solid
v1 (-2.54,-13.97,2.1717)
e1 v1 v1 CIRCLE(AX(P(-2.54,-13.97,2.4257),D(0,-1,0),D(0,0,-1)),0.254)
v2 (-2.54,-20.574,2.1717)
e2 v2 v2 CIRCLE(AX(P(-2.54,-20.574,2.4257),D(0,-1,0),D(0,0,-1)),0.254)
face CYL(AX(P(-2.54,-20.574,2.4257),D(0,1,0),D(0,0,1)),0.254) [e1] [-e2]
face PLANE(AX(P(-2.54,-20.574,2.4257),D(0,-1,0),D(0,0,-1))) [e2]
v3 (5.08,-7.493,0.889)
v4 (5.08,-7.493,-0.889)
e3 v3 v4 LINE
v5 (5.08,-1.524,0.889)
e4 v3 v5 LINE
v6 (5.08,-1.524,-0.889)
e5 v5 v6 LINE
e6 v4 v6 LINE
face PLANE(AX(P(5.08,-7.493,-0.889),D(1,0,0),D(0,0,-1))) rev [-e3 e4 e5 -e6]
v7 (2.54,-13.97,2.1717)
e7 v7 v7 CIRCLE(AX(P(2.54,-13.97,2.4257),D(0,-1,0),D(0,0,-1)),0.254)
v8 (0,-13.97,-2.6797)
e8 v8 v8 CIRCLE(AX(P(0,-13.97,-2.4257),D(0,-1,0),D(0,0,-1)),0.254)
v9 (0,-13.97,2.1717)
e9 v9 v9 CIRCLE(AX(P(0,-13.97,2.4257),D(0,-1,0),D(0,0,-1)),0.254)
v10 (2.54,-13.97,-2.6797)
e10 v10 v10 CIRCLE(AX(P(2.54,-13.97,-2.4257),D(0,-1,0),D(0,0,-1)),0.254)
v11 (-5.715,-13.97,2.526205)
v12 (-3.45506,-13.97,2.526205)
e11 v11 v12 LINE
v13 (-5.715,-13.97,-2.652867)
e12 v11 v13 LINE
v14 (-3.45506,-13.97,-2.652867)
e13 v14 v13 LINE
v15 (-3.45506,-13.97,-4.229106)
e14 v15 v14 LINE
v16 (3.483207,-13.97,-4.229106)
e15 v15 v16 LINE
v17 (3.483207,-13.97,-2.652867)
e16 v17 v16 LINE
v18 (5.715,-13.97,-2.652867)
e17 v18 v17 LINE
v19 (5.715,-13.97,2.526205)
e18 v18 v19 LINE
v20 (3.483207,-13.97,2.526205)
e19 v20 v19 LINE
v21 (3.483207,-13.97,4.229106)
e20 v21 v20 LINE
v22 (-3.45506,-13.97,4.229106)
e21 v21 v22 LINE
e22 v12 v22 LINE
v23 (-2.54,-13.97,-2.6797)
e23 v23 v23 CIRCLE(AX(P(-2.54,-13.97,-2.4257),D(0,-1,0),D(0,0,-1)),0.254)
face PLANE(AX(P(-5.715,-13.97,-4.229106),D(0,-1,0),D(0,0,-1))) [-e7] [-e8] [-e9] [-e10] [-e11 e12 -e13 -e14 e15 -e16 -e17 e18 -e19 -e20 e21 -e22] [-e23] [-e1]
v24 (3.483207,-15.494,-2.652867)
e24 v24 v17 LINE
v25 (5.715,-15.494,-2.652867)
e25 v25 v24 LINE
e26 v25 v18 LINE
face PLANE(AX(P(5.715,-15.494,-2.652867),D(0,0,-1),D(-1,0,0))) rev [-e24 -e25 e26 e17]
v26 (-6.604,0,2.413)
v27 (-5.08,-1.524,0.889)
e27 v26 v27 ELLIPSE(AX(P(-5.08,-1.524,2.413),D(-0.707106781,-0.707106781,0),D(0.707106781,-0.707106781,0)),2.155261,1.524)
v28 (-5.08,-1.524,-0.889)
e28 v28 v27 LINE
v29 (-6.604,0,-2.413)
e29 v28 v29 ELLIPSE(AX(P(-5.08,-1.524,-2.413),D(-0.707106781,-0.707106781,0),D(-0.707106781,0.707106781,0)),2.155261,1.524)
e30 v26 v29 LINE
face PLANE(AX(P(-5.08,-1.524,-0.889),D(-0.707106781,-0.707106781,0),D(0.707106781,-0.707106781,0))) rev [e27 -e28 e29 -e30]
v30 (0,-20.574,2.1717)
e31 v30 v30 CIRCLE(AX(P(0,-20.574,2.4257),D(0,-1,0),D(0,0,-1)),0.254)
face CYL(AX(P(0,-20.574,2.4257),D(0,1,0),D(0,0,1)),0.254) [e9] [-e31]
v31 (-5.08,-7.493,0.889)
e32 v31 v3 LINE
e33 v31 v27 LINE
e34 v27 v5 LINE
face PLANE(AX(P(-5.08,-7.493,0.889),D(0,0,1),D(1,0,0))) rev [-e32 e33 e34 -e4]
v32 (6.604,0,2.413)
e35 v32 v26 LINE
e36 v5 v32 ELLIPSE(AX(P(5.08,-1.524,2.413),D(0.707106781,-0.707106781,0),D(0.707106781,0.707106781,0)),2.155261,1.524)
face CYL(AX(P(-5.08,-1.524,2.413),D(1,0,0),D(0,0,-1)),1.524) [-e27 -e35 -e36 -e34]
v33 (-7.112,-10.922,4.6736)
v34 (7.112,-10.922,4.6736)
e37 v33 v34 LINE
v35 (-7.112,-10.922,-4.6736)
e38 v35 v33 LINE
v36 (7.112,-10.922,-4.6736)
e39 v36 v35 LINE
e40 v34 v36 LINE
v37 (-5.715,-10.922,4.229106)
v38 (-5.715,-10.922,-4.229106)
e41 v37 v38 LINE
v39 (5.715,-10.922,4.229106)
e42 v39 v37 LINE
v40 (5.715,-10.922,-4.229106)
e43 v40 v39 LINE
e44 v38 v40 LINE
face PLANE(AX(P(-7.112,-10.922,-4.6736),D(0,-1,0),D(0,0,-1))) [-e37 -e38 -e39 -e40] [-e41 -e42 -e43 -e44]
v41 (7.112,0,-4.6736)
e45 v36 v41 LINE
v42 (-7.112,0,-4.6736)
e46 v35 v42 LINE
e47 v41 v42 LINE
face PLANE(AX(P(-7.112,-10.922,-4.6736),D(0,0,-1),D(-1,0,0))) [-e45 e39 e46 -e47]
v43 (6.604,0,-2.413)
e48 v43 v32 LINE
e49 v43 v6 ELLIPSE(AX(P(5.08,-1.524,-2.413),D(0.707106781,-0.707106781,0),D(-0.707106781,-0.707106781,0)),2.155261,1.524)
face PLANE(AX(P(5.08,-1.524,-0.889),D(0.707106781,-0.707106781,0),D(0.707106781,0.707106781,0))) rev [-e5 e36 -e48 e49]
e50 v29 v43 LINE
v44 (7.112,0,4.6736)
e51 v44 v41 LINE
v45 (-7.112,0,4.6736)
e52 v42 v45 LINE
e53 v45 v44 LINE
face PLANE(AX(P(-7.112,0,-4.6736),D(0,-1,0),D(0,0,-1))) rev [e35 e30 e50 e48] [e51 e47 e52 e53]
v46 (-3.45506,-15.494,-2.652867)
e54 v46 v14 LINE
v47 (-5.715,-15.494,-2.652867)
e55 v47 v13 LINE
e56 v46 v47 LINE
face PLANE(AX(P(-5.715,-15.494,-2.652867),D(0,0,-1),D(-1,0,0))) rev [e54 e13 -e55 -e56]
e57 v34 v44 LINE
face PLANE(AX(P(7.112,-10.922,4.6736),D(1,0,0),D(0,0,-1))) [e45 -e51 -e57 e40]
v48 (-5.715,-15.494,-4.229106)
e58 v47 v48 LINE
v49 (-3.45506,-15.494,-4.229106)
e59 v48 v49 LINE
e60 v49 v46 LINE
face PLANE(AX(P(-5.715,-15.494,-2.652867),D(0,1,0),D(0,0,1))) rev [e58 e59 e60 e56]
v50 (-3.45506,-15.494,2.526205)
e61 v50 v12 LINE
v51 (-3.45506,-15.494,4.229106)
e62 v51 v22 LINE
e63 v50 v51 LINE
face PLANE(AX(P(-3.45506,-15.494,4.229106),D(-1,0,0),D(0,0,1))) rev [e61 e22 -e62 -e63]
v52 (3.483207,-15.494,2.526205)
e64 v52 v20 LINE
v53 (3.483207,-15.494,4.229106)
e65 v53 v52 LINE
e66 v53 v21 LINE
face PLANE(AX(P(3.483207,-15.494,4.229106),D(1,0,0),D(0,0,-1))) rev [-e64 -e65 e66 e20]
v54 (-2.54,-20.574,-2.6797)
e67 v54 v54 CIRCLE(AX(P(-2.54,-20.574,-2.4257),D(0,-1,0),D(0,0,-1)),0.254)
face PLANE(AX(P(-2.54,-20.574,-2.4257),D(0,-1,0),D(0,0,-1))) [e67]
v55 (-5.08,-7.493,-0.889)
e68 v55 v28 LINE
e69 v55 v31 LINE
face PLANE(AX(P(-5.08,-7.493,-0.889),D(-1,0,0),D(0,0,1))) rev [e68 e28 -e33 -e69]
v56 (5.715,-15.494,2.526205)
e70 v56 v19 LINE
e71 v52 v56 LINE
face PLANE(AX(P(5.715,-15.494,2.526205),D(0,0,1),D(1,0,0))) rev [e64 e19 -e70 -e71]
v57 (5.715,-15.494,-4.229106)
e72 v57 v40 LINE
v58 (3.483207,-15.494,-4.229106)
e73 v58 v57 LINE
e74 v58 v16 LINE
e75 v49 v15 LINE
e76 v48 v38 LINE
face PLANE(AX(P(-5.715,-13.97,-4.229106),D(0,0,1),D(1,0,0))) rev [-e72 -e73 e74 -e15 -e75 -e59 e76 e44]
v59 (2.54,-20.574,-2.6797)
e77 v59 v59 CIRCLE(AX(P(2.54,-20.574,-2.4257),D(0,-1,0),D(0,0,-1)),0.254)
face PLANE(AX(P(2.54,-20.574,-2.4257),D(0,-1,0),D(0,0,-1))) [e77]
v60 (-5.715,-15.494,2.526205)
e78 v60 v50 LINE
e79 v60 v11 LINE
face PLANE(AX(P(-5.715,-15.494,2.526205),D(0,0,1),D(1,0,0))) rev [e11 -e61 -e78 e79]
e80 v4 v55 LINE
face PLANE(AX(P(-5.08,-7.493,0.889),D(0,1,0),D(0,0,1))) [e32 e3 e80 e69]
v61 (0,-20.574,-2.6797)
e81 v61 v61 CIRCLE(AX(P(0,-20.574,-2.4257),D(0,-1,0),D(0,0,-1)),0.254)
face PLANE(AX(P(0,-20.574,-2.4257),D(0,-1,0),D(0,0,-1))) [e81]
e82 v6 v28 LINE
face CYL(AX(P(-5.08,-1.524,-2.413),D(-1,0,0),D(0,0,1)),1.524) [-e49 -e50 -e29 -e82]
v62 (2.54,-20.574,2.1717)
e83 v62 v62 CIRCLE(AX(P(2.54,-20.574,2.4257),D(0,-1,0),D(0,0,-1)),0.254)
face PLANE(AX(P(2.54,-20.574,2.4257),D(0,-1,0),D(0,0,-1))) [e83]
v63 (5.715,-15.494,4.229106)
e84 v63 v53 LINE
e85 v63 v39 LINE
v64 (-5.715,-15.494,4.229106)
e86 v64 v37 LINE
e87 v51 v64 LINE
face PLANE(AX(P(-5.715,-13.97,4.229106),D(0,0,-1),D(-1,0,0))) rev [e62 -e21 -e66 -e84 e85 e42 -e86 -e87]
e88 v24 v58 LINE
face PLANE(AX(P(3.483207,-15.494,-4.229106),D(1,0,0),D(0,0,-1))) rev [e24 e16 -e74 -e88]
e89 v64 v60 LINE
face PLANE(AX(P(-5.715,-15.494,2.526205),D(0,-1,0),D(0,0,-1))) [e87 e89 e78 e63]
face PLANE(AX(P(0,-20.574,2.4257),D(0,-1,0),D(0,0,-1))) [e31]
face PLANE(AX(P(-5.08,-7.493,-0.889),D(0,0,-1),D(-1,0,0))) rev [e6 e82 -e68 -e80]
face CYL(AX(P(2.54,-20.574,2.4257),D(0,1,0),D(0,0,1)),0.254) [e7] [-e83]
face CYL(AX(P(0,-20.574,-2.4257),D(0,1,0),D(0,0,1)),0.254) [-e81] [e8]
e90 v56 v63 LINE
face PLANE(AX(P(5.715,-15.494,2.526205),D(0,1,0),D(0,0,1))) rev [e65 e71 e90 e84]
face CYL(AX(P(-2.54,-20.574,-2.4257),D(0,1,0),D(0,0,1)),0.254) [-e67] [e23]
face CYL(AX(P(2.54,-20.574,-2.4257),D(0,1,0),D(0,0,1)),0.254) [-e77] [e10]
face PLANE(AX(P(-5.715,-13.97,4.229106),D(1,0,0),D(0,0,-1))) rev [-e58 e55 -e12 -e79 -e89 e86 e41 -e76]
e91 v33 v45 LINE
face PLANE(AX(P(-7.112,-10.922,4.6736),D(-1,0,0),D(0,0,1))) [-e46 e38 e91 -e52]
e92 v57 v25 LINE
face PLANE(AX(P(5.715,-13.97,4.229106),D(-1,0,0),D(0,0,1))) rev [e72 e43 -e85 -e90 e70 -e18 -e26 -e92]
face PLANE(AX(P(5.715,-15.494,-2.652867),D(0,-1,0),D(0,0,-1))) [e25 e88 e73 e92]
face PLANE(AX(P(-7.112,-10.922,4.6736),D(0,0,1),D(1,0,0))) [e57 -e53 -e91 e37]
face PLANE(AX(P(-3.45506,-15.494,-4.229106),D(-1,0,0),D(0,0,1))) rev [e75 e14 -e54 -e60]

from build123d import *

# Parameters (mm, degrees)
SKETCH1_W            = 14.224
SKETCH1_H            = 9.3472
BOSS_EXTRUDE1_DEPTH  = 10.922
SKETCH2_W            = 11.43
SKETCH2_H            = 8.458212498
BOSS_EXTRUDE2_DEPTH  = 3.048
SKETCH3_W            = 2.25993982
SKETCH3_H            = 1.702901352
SKETCH3_W_2          = 2.231792691
SKETCH3_H_2          = 1.576239268
BOSS_EXTRUDE3_DEPTH  = 1.524
SKETCH4_R            = 0.254
BOSS_EXTRUDE4_DEPTH  = 6.604
LPATTERN1_COUNT      = 3
LPATTERN1_PITCH      = 2.54
LPATTERN1_COUNT_DIR2 = 2
LPATTERN1_PITCH_DIR2 = 4.8514
SKETCH5_W            = 10.16
SKETCH5_H            = 1.778
CUT_EXTRUDE1_DEPTH   = 7.493
CHAMFER1_SIZE        = 1.524
FILLET1_R            = 1.524


with BuildPart() as part:
    # Sketch1 → Boss-Extrude1 (new body)
    with BuildSketch(Plane(origin=(0, 0, 0), x_dir=(1, 0, 0), z_dir=(0, 1, 0))):
        Rectangle(SKETCH1_W, SKETCH1_H)
    extrude(amount=-BOSS_EXTRUDE1_DEPTH)

    # Sketch2 → Boss-Extrude2 (add)
    with BuildSketch(Plane.XZ.offset(10.922)):
        Rectangle(SKETCH2_W, SKETCH2_H)
    extrude(amount=BOSS_EXTRUDE2_DEPTH)

    # Sketch3 → Boss-Extrude3 (add)
    with BuildSketch(Plane.XZ.offset(13.97)):
        with Locations((-4.58503009, 3.377655573)):
            Rectangle(SKETCH3_W, SKETCH3_H)
        with Locations((4.599103655, 3.377655573)):
            Rectangle(SKETCH3_W_2, SKETCH3_H)
        with Locations((4.599103655, -3.440986615)):
            Rectangle(SKETCH3_W_2, SKETCH3_H_2)
        with Locations((-4.58503009, -3.440986615)):
            Rectangle(SKETCH3_W, SKETCH3_H_2)
    extrude(amount=BOSS_EXTRUDE3_DEPTH)

    # Sketch4 → Boss-Extrude4 (add)
    with BuildSketch(Plane.XZ.offset(13.97)):
        with Locations((-2.54, -2.4257)):
            Circle(SKETCH4_R)
    boss_extrude4 = extrude(amount=BOSS_EXTRUDE4_DEPTH)

    # LPattern1: Boss-Extrude4 3 × 2
    with Locations(*[(i * LPATTERN1_PITCH, 0, j * LPATTERN1_PITCH_DIR2) for i in range(LPATTERN1_COUNT) for j in range(LPATTERN1_COUNT_DIR2) if (i, j) != (0, 0)]):
        add(boss_extrude4)

    # Sketch5 → Cut-Extrude1 (cut)
    with BuildSketch(Plane(origin=(0, 0, 0), x_dir=(1, 0, 0), z_dir=(0, 1, 0))):
        Rectangle(SKETCH5_W, SKETCH5_H)
    extrude(amount=-CUT_EXTRUDE1_DEPTH, mode=Mode.SUBTRACT)

    # Chamfer1
    chamfer1_edges = [part.edges().sort_by_distance(p)[0] for p in [
        (-5.08, 0, 0),
        (5.08, 0, 0),
    ]]
    chamfer(chamfer1_edges, length=CHAMFER1_SIZE)

    # Fillet1
    fillet1_edges = [part.edges().sort_by_distance(p)[0] for p in [
        (0, 0, 0.889),
        (0, 0, -0.889),
    ]]
    fillet(fillet1_edges, radius=FILLET1_R)


solid = part.part
